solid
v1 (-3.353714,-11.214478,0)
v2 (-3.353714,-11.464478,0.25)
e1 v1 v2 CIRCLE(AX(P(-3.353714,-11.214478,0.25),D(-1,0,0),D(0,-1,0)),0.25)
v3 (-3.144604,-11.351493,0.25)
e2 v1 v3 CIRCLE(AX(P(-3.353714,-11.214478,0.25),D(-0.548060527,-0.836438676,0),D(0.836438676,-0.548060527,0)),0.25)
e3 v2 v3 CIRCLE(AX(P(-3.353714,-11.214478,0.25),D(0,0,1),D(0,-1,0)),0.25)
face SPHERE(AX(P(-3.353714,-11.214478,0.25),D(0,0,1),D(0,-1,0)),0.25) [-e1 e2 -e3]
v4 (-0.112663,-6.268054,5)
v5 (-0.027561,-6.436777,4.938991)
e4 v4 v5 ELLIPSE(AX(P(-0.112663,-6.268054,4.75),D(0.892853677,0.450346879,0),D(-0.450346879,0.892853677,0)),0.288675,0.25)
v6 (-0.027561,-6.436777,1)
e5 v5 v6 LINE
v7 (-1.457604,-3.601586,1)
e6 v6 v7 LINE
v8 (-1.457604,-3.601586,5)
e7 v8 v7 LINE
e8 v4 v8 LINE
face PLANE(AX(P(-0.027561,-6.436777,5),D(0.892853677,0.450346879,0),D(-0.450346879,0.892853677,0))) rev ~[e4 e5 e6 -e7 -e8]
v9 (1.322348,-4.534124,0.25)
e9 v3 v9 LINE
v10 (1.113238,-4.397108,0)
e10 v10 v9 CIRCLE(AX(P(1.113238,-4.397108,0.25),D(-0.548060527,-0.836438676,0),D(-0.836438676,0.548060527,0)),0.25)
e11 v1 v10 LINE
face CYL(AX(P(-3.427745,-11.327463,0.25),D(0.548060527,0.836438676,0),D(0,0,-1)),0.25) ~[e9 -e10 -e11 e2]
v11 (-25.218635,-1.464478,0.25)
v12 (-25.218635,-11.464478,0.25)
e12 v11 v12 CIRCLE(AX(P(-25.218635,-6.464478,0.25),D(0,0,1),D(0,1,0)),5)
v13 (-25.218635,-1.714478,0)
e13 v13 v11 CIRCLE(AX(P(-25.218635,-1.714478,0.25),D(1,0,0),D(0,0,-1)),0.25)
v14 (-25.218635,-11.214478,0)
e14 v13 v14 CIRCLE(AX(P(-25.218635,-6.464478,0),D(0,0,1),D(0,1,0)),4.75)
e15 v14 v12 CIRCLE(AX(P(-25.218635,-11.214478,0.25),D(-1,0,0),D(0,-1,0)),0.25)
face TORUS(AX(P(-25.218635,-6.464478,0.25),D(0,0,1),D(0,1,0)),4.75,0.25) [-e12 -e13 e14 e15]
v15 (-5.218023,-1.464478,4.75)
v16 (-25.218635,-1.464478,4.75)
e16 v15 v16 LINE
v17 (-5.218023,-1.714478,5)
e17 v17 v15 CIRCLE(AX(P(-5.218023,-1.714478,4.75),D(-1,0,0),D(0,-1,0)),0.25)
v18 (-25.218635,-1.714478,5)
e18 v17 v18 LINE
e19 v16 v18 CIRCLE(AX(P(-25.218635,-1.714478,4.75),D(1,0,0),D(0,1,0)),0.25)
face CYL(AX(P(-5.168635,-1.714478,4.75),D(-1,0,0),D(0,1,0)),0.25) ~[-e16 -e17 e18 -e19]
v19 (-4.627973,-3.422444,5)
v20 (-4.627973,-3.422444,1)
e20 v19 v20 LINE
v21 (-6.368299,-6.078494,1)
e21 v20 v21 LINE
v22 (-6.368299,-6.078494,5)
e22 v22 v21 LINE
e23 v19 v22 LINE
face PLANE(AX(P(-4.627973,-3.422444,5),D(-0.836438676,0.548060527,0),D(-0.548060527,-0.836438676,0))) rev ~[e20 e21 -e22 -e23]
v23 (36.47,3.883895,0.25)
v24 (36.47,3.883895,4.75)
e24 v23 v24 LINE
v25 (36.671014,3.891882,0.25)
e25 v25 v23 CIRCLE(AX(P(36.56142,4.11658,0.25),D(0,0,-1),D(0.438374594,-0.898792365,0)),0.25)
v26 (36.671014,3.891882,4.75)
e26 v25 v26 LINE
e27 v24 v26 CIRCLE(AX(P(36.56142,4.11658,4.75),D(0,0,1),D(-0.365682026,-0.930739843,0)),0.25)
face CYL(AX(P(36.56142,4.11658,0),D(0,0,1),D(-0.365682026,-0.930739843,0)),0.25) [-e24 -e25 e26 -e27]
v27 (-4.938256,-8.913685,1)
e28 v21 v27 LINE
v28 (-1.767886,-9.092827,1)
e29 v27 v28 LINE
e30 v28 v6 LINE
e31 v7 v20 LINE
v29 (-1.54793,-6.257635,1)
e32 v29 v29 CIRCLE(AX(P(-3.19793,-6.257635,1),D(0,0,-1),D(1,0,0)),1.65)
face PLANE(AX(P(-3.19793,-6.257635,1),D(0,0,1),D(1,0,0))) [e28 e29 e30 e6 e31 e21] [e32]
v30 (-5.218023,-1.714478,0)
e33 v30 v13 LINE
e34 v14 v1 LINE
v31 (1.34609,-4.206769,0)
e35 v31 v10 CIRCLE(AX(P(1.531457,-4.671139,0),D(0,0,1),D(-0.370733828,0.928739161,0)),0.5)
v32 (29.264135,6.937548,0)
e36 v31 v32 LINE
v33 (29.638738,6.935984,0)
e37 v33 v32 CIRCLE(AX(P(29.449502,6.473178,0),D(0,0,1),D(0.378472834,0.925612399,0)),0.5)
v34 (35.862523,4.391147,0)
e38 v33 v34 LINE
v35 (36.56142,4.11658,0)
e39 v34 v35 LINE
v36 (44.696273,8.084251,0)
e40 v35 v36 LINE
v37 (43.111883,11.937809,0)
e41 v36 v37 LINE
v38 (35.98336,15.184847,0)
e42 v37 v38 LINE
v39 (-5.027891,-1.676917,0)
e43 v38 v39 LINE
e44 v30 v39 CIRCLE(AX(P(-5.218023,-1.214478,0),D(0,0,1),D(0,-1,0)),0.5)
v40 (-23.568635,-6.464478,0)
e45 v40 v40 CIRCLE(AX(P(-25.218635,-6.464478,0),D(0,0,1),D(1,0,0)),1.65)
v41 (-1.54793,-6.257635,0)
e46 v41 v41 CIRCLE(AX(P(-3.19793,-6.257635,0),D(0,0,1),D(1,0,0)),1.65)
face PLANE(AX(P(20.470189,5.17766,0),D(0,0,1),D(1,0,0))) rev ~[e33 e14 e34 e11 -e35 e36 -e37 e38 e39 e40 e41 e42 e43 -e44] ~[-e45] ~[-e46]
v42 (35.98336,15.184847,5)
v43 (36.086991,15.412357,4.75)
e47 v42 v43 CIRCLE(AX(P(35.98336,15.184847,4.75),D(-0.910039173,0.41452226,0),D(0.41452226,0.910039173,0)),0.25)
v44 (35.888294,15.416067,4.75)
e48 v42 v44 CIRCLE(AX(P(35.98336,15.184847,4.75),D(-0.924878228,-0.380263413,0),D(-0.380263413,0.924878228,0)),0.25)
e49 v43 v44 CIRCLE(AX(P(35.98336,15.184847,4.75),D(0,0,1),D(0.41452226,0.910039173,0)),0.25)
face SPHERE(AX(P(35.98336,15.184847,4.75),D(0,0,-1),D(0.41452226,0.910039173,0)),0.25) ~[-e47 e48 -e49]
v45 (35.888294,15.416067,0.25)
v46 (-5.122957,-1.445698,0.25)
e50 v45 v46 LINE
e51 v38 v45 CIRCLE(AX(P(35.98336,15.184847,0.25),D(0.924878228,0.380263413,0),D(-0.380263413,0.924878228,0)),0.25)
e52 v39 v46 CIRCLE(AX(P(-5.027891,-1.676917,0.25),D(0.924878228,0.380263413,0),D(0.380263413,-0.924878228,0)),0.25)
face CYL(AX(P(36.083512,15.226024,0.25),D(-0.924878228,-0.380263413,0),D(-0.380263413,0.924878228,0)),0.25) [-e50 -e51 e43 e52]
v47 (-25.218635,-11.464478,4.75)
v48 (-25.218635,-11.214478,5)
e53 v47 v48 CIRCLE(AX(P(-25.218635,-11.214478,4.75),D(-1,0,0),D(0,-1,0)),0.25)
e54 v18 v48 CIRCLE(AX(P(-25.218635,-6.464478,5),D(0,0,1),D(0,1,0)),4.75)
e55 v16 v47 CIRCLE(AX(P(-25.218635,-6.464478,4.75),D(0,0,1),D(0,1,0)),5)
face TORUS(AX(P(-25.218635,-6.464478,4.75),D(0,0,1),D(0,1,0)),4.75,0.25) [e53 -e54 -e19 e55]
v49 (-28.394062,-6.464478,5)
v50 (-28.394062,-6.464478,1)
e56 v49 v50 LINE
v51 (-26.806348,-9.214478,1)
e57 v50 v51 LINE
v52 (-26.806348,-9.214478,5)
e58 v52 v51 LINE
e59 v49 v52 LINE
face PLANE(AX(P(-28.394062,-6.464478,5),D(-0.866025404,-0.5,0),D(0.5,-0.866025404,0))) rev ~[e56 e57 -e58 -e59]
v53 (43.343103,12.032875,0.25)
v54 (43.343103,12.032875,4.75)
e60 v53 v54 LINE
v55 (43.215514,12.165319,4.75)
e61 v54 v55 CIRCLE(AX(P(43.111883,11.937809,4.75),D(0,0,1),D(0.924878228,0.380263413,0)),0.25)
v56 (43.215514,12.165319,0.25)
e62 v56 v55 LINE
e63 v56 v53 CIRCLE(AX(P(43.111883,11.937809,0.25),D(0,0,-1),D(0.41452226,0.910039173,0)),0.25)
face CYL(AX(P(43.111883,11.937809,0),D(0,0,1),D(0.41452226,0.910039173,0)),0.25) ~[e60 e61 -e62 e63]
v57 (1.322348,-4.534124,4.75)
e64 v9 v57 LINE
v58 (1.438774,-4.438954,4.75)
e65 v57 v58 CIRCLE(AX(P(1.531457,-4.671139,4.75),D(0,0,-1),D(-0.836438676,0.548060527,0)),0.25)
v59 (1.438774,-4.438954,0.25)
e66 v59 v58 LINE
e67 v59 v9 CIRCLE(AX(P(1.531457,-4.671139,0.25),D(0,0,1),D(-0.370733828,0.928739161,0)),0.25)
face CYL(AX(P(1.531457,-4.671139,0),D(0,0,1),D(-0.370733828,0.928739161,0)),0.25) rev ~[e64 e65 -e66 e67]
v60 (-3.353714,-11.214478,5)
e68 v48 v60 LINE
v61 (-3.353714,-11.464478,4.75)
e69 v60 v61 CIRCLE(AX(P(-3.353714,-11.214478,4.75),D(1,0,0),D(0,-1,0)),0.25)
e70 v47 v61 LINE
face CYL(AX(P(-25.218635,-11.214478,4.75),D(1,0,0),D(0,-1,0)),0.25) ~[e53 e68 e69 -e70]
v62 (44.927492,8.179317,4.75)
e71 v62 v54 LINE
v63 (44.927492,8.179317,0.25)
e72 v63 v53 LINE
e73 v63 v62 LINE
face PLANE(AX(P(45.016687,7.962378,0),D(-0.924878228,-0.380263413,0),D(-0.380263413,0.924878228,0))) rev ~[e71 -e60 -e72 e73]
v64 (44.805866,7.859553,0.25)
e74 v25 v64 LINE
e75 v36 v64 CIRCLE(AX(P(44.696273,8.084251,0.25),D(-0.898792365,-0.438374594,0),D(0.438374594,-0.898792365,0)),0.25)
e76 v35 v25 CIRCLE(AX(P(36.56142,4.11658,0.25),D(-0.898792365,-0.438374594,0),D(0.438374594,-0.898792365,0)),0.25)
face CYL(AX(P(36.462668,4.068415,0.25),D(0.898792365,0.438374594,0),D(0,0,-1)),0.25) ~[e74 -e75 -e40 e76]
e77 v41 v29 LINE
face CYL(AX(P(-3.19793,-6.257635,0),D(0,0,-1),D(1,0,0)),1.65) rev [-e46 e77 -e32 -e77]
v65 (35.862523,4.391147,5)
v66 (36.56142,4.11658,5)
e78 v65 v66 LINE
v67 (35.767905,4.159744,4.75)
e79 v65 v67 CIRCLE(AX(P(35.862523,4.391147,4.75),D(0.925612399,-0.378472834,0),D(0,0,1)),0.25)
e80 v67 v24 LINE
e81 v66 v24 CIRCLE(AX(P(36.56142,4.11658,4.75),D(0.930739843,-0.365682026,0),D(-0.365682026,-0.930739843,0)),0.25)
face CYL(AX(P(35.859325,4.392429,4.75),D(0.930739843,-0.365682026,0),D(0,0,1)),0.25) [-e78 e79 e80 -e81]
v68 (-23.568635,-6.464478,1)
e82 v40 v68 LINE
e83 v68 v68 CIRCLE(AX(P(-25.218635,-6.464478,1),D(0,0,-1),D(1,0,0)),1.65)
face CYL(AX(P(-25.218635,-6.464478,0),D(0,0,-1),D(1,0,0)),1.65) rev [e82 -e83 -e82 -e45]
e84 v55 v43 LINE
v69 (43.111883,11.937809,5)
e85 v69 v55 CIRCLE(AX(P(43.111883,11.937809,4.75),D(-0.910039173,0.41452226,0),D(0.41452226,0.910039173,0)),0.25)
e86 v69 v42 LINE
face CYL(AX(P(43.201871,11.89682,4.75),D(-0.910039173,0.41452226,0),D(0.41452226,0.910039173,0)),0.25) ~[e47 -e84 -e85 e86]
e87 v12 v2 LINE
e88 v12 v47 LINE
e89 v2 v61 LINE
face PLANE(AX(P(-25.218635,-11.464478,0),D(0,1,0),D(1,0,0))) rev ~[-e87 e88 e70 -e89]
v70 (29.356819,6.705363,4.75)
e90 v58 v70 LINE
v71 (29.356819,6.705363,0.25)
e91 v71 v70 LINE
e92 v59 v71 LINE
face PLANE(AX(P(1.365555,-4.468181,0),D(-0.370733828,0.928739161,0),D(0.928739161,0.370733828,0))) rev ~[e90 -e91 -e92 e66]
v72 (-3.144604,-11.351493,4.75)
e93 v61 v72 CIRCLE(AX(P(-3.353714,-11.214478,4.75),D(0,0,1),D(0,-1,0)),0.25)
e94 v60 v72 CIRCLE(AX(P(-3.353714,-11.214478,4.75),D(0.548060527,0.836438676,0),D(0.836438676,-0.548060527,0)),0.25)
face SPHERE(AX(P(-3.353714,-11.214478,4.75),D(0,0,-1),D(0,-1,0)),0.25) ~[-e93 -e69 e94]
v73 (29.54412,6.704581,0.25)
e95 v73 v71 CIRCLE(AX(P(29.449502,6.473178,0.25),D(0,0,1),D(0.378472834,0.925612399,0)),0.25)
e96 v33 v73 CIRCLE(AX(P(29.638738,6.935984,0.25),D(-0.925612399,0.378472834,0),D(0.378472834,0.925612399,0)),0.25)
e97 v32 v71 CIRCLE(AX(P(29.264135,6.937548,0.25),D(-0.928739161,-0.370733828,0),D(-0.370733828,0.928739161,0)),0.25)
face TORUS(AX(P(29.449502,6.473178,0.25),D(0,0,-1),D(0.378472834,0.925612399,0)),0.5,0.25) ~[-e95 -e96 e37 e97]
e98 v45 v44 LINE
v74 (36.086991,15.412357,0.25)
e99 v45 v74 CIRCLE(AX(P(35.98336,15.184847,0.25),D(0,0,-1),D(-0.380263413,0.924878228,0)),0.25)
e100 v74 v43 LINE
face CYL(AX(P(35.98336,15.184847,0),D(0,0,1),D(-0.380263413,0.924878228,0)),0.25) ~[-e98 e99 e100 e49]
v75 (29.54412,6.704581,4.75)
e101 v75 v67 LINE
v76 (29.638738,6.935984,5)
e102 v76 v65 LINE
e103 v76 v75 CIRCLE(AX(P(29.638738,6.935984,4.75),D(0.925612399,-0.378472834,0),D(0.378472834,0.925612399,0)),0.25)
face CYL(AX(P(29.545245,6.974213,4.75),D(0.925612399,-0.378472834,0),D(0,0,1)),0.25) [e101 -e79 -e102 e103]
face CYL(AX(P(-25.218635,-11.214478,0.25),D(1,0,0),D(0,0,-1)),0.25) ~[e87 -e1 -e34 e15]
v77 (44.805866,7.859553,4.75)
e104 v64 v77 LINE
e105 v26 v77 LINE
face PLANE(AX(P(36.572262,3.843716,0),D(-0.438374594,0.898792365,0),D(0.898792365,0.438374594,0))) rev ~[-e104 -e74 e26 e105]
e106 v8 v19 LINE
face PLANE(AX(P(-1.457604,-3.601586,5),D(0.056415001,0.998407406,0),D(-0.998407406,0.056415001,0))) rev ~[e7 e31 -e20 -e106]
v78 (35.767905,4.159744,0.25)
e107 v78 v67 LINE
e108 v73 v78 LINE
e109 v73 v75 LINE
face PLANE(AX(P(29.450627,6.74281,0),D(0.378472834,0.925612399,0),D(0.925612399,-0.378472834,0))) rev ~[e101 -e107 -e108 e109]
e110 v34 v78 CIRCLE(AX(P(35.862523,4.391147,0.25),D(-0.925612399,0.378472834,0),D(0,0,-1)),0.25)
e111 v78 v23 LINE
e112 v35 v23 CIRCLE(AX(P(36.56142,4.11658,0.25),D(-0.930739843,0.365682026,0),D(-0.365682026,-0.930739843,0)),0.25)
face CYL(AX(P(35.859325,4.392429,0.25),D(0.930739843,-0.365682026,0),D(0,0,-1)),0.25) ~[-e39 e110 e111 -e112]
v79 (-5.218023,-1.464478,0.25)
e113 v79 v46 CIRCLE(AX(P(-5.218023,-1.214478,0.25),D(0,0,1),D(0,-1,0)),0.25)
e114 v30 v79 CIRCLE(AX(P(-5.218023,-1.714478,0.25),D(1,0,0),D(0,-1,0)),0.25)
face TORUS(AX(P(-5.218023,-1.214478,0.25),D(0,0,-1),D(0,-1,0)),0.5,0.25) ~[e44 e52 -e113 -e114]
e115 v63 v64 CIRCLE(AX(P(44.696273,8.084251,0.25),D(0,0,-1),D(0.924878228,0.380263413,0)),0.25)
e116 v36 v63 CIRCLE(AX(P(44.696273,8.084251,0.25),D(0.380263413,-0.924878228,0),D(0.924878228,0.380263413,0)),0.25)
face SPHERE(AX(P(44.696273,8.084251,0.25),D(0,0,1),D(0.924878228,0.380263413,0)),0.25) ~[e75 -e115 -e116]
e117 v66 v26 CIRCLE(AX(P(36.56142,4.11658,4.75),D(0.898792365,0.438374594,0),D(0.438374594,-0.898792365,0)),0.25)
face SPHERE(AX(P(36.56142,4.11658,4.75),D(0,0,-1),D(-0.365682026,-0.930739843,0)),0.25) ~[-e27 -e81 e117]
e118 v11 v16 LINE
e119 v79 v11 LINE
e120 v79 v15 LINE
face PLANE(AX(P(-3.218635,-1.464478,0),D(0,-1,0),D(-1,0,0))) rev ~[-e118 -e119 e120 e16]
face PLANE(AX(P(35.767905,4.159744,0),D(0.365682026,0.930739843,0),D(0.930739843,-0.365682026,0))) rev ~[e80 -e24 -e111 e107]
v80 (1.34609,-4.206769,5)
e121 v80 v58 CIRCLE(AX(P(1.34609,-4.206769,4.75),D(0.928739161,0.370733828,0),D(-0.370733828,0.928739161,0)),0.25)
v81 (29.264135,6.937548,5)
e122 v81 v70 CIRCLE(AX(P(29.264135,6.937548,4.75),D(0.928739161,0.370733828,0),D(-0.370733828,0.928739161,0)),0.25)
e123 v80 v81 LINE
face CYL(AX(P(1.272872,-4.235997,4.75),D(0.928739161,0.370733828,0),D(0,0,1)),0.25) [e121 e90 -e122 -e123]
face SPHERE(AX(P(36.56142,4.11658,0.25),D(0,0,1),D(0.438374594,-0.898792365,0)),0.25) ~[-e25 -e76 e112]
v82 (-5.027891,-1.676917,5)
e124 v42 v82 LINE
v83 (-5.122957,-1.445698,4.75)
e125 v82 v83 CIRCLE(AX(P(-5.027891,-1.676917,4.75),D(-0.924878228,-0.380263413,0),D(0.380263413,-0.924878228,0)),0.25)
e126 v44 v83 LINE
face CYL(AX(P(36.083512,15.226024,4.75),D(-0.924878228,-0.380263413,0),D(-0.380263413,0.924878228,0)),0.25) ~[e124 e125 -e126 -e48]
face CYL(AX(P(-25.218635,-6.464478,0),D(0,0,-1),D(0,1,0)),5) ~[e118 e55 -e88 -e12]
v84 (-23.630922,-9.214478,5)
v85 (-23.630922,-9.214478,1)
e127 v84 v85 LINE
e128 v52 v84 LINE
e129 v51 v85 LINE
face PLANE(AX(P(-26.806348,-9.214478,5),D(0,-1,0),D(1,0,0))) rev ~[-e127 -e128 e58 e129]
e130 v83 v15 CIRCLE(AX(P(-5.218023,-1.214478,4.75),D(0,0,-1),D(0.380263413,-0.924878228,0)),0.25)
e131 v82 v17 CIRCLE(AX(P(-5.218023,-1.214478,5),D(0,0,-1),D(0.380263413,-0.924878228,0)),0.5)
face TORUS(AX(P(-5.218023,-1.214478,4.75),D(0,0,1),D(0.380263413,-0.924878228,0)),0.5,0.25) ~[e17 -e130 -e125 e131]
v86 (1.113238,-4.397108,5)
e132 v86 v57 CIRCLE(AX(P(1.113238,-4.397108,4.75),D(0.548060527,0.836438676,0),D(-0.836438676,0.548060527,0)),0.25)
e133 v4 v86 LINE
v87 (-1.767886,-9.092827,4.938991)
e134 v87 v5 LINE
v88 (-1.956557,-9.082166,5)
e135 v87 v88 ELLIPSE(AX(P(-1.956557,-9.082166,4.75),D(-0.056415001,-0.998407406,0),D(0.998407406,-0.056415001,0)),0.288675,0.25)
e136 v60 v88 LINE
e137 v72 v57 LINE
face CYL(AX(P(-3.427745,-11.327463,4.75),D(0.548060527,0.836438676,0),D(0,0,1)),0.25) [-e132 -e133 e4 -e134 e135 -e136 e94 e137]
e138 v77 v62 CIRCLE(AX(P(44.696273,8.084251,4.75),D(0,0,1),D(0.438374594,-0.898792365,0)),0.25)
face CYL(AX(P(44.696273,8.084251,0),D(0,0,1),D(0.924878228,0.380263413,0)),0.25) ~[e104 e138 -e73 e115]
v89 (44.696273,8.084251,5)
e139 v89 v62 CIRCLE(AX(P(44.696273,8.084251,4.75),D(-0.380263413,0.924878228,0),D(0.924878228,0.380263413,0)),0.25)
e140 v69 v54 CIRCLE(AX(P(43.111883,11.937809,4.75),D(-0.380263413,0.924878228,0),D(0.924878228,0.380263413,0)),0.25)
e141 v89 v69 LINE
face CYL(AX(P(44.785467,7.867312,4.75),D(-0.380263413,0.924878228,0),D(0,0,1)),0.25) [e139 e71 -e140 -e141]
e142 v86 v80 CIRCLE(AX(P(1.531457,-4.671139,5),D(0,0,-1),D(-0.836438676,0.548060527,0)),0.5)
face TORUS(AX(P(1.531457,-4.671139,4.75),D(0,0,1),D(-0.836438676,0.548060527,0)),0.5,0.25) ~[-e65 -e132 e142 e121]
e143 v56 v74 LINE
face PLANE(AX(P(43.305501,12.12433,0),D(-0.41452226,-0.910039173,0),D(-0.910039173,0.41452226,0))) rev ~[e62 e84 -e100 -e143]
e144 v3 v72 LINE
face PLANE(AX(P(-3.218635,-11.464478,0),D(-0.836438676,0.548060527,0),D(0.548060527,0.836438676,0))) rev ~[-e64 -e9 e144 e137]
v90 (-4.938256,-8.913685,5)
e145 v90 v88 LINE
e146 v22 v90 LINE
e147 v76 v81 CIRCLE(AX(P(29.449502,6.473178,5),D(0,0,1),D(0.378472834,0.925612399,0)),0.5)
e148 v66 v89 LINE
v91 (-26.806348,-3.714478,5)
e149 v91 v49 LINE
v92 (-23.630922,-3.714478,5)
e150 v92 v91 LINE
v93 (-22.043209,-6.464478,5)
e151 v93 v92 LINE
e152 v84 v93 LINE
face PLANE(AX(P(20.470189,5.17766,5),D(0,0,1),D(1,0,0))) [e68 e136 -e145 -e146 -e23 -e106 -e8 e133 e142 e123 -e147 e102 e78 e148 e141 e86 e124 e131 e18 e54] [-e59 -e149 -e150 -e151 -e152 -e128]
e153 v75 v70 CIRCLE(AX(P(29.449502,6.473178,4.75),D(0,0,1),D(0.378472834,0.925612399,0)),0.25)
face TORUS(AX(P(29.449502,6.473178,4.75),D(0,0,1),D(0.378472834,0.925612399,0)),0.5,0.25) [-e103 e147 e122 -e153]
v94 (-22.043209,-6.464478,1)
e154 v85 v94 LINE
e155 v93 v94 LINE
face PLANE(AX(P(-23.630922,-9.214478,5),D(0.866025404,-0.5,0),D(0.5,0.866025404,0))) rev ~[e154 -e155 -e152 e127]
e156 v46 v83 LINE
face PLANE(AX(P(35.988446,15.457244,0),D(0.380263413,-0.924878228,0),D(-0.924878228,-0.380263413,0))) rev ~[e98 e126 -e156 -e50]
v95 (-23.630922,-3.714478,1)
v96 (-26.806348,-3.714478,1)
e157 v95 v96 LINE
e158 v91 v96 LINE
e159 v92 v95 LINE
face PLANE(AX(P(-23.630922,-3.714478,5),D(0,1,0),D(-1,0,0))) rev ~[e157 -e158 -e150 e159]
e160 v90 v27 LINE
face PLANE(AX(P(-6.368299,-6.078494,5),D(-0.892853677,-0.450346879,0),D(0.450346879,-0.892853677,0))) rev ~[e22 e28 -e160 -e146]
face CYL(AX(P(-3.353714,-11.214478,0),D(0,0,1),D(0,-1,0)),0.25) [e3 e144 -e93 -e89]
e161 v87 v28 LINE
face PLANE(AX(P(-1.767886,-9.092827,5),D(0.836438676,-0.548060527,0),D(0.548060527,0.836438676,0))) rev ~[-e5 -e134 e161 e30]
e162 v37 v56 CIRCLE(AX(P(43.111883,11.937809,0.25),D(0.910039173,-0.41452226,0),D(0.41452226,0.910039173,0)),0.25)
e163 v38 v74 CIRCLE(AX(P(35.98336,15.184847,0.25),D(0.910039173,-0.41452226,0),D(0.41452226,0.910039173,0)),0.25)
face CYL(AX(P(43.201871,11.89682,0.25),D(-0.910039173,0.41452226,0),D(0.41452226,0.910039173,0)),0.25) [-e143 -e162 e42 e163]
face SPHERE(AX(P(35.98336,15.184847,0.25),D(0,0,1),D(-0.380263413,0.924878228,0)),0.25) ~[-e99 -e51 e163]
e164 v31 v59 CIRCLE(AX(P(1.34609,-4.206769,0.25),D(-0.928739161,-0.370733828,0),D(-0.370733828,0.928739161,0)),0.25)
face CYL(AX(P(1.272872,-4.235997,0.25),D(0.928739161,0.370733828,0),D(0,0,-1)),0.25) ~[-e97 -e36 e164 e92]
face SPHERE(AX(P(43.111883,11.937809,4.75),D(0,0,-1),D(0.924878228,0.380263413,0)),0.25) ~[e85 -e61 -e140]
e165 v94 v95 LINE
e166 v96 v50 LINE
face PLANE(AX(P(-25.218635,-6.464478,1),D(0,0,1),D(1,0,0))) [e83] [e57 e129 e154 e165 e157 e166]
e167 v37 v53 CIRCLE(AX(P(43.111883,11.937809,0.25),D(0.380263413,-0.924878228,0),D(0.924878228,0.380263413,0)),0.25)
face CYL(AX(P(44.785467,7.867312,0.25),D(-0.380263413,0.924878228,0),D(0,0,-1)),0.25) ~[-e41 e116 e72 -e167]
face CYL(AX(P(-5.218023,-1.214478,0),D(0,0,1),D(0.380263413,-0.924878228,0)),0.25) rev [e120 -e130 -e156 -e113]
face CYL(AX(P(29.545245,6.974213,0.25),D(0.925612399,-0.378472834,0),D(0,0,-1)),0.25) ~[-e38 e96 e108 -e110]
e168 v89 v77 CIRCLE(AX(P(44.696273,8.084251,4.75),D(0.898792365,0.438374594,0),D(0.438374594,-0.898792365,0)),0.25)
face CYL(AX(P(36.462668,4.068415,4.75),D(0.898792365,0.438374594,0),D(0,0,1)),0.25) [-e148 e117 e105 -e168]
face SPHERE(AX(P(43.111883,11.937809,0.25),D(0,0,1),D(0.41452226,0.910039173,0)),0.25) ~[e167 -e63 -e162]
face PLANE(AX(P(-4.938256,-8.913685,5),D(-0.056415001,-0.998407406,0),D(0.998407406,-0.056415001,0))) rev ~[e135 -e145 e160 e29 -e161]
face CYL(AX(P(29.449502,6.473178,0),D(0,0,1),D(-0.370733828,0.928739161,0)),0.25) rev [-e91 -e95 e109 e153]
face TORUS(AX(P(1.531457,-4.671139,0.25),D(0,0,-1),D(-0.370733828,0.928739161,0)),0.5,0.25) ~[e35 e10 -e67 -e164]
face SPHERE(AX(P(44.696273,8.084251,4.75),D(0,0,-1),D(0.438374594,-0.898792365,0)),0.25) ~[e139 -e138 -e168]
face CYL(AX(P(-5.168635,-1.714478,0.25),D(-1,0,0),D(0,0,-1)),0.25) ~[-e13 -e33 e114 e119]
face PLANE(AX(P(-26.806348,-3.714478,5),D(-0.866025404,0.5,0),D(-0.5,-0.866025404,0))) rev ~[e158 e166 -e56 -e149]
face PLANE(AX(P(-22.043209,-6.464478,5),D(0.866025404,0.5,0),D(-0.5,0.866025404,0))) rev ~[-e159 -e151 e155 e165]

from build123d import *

# Parameters (mm, degrees)
SKETCH1_R           = 1.65
BOSS_EXTRUDE1_DEPTH = 5
FILLET2_R           = 0.25
CUT_EXTRUDE1_DEPTH  = 4


with BuildPart() as part:
    # Sketch1 → Boss-Extrude1 (new body)
    # profile 1 of 2: a face of its own
    with BuildSketch(Plane.XY):
        with BuildLine():
            Line((-5.168635154, -1.464478016), (-25.218635154, -1.464478016))
            ThreePointArc((-25.218635154, -1.464478016), (-30.218635154, -6.464478016), (-25.218635154, -11.464478016))
            Line((-25.218635154, -11.464478016), (-3.218635154, -11.464478016))
            Line((-3.218635154, -11.464478016), (1.36555506, -4.468181425))
            ThreePointArc((1.36555506, -4.468181425), (-0.47833252, -2.282284635), (-3.218635154, -1.464478016))
            Line((-3.218635154, -1.464478016), (-5.168635154, -1.464478016))
        make_face()
        with Locations((-25.218635154, -6.464478016)):
            Circle(SKETCH1_R, mode=Mode.SUBTRACT)
        with Locations((-3.197929879, -6.257635448)):
            Circle(SKETCH1_R, mode=Mode.SUBTRACT)
    # profile 2 of 2: a face of its own
    with BuildSketch(Plane.XY):
        with BuildLine():
            Line((35.988446, 15.45724385), (-5.168635154, -1.464478016))
            Line((-5.168635154, -1.464478016), (-3.218635154, -1.464478016))
            ThreePointArc((-3.218635154, -1.464478016), (-0.47833252, -2.282284635), (1.36555506, -4.468181425))
            Line((1.36555506, -4.468181425), (29.450627286, 6.742809526))
            Line((29.450627286, 6.742809526), (35.767904523, 4.15974363))
            Line((35.767904523, 4.15974363), (36.572261964, 3.843716482))
            Line((36.572261964, 3.843716482), (45.016686804, 7.962377757))
            Line((45.016686804, 7.962377757), (43.305501447, 12.124329784))
            Line((43.305501447, 12.124329784), (35.988446, 15.45724385))
        make_face()
    extrude(amount=BOSS_EXTRUDE1_DEPTH)

    # Fillet2
    fillet2_edges = [part.edges().sort_by_distance(p)[0] for p in [
        (-14.218635154, -11.464478016, 0),
        (-30.218635154, -6.464478016, 0),
        (-15.193635154, -1.464478016, 0),
        (15.409905423, 6.996382917, 0),
        (-0.926540047, -7.966329721, 5),
        (39.646973723, 13.790786817, 0),
        (44.161094126, 10.04335377, 0),
        (40.794474384, 5.90304712, 0),
        (36.170083243, 4.001730056, 0),
        (32.609265904, 5.451276578, 0),
        (15.408091173, 1.137314051, 0),
        (-0.926540047, -7.966329721, 0),
        (15.408091173, 1.137314051, 5),
        (-3.218635154, -11.464478016, 2.5),
        (-5.168635154, -1.464478016, 2.5),
        (35.988446, 15.45724385, 2.5),
        (43.305501447, 12.124329784, 2.5),
        (45.016686804, 7.962377757, 2.5),
        (36.572261964, 3.843716482, 2.5),
        (35.767904523, 4.15974363, 2.5),
        (29.450627286, 6.742809526, 2.5),
        (1.36555506, -4.468181425, 2.5),
        (32.609265904, 5.451276578, 5),
        (36.170083243, 4.001730056, 5),
        (40.794474384, 5.90304712, 5),
        (44.161094126, 10.04335377, 5),
        (39.646973723, 13.790786817, 5),
        (15.409905423, 6.996382917, 5),
        (-15.193635154, -1.464478016, 5),
        (-30.218635154, -6.464478016, 5),
        (-14.218635154, -11.464478016, 5),
    ]]
    fillet(fillet2_edges, radius=FILLET2_R)

    # Sketch2 → Cut-Extrude1 (cut)
    with BuildSketch(Plane.XY.offset(5)):
        Polygon((-23.630921913, -9.214478016), (-22.043208673, -6.464478016), (-23.630921913, -3.714478016), (-26.806348394, -3.714478016), (-28.394061634, -6.464478016), (-26.806348394, -9.214478016), align=None)
        Polygon((-0.027560565, -6.436777135), (-1.45760397, -3.601585926), (-4.627973284, -3.422444239), (-6.368299193, -6.078493761), (-4.938255788, -8.91368497), (-1.767886474, -9.092826657), align=None)
    extrude(amount=-CUT_EXTRUDE1_DEPTH, mode=Mode.SUBTRACT)


solid = part.part
